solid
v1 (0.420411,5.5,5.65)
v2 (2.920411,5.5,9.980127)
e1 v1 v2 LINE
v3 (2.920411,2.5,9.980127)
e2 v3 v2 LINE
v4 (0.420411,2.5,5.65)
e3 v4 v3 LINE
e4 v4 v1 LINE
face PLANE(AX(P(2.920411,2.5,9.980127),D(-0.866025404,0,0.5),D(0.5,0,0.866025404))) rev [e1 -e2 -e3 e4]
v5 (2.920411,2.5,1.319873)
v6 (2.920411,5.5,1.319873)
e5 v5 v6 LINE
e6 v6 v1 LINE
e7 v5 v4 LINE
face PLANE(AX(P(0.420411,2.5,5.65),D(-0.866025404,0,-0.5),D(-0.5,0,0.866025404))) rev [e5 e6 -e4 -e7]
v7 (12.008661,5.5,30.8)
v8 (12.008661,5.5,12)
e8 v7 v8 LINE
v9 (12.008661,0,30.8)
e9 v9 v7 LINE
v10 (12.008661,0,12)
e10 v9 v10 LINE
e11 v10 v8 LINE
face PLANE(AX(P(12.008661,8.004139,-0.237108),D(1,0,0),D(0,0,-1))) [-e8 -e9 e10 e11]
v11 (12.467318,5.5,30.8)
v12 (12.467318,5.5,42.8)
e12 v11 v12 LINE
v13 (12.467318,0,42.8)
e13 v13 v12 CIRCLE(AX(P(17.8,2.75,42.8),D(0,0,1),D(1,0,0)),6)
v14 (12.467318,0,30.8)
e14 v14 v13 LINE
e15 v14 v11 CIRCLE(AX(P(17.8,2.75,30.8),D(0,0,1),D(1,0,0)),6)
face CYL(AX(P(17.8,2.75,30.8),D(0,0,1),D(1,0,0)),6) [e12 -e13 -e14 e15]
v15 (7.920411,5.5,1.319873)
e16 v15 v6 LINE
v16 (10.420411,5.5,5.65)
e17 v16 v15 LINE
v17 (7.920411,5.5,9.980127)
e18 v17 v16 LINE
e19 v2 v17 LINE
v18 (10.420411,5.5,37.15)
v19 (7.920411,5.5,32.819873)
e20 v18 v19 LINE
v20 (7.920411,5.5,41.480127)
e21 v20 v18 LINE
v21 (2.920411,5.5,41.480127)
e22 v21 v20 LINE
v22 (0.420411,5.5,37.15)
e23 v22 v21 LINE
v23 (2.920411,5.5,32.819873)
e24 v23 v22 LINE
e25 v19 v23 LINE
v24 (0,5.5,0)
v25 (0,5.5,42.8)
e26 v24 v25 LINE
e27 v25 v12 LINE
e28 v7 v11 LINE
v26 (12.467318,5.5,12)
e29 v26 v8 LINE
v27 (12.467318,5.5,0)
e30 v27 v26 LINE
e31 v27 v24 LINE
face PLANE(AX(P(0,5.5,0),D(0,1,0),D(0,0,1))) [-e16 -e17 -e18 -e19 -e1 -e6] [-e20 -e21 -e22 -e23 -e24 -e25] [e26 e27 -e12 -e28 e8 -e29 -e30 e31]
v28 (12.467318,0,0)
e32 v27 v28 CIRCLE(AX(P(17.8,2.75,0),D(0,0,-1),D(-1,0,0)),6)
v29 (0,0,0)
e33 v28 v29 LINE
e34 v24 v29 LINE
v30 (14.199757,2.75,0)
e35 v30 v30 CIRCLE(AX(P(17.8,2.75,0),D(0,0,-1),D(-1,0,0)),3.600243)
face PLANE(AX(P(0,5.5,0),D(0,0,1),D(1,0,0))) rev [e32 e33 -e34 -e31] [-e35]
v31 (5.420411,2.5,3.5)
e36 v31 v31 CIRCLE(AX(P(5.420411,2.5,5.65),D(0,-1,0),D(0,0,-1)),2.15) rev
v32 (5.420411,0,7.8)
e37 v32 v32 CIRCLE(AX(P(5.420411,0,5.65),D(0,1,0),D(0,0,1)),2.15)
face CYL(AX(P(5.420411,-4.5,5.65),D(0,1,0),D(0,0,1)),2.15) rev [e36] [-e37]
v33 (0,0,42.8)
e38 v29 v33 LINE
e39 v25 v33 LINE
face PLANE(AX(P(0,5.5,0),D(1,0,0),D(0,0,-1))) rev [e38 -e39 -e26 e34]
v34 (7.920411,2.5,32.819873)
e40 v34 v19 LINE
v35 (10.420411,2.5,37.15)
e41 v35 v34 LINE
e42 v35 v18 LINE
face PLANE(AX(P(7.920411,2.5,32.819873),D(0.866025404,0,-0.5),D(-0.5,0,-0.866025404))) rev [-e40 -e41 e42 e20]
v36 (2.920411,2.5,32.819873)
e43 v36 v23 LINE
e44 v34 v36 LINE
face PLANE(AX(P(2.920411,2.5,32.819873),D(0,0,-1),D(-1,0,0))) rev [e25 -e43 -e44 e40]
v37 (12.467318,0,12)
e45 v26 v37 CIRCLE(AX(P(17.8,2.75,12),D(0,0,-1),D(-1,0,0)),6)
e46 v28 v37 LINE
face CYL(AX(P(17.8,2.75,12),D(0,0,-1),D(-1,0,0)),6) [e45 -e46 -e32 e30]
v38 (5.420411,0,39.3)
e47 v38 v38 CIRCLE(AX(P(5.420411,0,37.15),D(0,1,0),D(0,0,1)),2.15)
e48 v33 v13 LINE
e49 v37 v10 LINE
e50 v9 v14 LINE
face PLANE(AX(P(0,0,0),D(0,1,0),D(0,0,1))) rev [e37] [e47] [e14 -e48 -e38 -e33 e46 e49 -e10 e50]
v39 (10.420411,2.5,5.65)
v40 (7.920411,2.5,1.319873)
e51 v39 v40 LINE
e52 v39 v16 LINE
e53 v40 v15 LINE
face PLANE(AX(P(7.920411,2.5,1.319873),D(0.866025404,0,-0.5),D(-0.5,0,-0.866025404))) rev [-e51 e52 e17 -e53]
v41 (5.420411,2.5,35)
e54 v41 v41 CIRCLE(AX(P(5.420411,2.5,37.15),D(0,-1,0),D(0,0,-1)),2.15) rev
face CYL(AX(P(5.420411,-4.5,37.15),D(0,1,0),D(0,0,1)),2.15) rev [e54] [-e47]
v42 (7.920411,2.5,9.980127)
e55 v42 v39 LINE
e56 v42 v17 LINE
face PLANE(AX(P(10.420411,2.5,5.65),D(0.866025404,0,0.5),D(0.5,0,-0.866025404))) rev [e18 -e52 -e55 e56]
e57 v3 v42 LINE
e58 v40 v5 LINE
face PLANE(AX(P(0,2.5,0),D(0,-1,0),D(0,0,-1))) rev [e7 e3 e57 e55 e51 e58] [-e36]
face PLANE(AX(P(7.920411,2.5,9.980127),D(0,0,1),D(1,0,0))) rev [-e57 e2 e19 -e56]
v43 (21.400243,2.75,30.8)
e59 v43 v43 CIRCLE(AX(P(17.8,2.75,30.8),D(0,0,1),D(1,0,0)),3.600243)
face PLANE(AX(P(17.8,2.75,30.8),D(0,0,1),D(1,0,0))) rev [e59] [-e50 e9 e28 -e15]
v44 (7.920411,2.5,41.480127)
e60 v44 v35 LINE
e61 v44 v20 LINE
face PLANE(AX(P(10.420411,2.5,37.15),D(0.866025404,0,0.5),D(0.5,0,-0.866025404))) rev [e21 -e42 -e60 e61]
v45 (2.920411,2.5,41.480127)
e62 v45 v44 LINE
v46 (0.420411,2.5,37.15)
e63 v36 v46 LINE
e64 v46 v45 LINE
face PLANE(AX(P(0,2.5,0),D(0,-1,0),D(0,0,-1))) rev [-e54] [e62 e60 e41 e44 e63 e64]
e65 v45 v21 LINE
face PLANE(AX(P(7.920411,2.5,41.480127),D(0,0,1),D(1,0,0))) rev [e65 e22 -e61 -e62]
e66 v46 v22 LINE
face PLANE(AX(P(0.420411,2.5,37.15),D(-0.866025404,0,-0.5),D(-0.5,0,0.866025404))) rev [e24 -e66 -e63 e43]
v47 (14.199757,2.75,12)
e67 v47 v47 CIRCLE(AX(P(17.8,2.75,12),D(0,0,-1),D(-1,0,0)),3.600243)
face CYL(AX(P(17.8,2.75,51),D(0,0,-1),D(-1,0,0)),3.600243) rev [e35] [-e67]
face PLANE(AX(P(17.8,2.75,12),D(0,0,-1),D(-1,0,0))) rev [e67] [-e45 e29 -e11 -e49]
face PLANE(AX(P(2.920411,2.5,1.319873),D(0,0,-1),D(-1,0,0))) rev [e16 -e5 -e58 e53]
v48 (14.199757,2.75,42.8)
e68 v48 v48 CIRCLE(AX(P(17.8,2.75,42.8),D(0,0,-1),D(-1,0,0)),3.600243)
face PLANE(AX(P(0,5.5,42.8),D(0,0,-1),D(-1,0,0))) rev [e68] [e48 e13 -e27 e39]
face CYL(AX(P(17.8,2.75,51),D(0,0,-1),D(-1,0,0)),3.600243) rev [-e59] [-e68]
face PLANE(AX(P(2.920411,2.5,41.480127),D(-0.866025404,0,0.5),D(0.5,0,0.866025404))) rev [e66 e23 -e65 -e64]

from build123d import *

# Parameters (mm, degrees)
SKETCH_1_W          = 17.8
SKETCH_1_H          = 42.8
EXTRUDE_1_DEPTH     = 5.5
SKETCH_2_R          = 6
EXTRUDE_2_DEPTH     = 12
EXTRUDE_START       = -12
SKETCH_3_R          = 6
EXTRUDE_3_DEPTH     = 12
SKETCH_4_R          = 3.60024343
CUT_EXTRUDE_1_DEPTH = 51
SKETCH_5_W          = 5.942865046
SKETCH_5_H          = 10.697157082
CUT_EXTRUDE_2_DEPTH = 18.8
SKETCH_6_R          = 2.15
CUT_EXTRUDE_3_DEPTH = 10
CUT_EXTRUDE_4_DEPTH = 3


with BuildPart() as part:
    # 草图1 → 凸台-拉伸1 (new body)
    with BuildSketch(Plane(origin=(0, 0, 0), x_dir=(1, 0, 0), z_dir=(0, 1, 0))):
        with Locations((8.9, -21.4)):
            Rectangle(SKETCH_1_W, SKETCH_1_H)
    extrude(amount=EXTRUDE_1_DEPTH)

    # 草图2 → 凸台-拉伸2 (add)
    with BuildSketch(Plane(origin=(0, 0, 0), x_dir=(-1, 0, 0), z_dir=(0, 0, -1))):
        with Locations((-17.8, 2.75)):
            Circle(SKETCH_2_R)
    extrude(amount=-EXTRUDE_2_DEPTH)

    # 草图3 → 凸台-拉伸3 (add)
    with BuildSketch(Plane.XY.offset(42.8).offset(EXTRUDE_START)):
        with Locations((17.8, 2.75)):
            Circle(SKETCH_3_R)
    extrude(amount=EXTRUDE_3_DEPTH)

    # 草图4 → 切除-拉伸1 (cut)
    with BuildSketch(Plane(origin=(0, 0, 0), x_dir=(-1, 0, 0), z_dir=(0, 0, -1))):
        with Locations((-17.8, 2.75)):
            Circle(SKETCH_4_R)
    extrude(amount=-CUT_EXTRUDE_1_DEPTH, mode=Mode.SUBTRACT)

    # 草图5 → 切除-拉伸2 (cut)
    with BuildSketch(Plane(origin=(0, 0, 30.8), x_dir=(-1, 0, 0), z_dir=(0, 0, -1))):
        with Locations((-14.980093676, 2.655560542)):
            Rectangle(SKETCH_5_W, SKETCH_5_H)
    extrude(amount=CUT_EXTRUDE_2_DEPTH, mode=Mode.SUBTRACT)

    # 草图6 → 切除-拉伸3 (cut)
    with BuildSketch(Plane(origin=(0, 5.5, 0), x_dir=(1, 0, 0), z_dir=(0, 1, 0))):
        with Locations(Location((5.420411498, -5.65, 0), (0, 0, 270))):
            Circle(SKETCH_6_R)
        with Locations(Location((5.420411498, -37.15, 0), (0, 0, 270))):
            Circle(SKETCH_6_R)
    extrude(amount=-CUT_EXTRUDE_3_DEPTH, mode=Mode.SUBTRACT)

    # 草图7 → 切除-拉伸4 (cut)
    with BuildSketch(Plane(origin=(0, 5.5, 0), x_dir=(1, 0, 0), z_dir=(0, 1, 0))):
        Polygon((2.920411498, -1.319872981), (7.920411498, -1.319872981), (10.420411498, -5.65), (7.920411498, -9.980127019), (2.920411498, -9.980127019), (0.420411498, -5.65), align=None)
        Polygon((0.420411498, -37.15), (2.920411498, -32.819872981), (7.920411498, -32.819872981), (10.420411498, -37.15), (7.920411498, -41.480127019), (2.920411498, -41.480127019), align=None)
    extrude(amount=-CUT_EXTRUDE_4_DEPTH, mode=Mode.SUBTRACT)


solid = part.part
